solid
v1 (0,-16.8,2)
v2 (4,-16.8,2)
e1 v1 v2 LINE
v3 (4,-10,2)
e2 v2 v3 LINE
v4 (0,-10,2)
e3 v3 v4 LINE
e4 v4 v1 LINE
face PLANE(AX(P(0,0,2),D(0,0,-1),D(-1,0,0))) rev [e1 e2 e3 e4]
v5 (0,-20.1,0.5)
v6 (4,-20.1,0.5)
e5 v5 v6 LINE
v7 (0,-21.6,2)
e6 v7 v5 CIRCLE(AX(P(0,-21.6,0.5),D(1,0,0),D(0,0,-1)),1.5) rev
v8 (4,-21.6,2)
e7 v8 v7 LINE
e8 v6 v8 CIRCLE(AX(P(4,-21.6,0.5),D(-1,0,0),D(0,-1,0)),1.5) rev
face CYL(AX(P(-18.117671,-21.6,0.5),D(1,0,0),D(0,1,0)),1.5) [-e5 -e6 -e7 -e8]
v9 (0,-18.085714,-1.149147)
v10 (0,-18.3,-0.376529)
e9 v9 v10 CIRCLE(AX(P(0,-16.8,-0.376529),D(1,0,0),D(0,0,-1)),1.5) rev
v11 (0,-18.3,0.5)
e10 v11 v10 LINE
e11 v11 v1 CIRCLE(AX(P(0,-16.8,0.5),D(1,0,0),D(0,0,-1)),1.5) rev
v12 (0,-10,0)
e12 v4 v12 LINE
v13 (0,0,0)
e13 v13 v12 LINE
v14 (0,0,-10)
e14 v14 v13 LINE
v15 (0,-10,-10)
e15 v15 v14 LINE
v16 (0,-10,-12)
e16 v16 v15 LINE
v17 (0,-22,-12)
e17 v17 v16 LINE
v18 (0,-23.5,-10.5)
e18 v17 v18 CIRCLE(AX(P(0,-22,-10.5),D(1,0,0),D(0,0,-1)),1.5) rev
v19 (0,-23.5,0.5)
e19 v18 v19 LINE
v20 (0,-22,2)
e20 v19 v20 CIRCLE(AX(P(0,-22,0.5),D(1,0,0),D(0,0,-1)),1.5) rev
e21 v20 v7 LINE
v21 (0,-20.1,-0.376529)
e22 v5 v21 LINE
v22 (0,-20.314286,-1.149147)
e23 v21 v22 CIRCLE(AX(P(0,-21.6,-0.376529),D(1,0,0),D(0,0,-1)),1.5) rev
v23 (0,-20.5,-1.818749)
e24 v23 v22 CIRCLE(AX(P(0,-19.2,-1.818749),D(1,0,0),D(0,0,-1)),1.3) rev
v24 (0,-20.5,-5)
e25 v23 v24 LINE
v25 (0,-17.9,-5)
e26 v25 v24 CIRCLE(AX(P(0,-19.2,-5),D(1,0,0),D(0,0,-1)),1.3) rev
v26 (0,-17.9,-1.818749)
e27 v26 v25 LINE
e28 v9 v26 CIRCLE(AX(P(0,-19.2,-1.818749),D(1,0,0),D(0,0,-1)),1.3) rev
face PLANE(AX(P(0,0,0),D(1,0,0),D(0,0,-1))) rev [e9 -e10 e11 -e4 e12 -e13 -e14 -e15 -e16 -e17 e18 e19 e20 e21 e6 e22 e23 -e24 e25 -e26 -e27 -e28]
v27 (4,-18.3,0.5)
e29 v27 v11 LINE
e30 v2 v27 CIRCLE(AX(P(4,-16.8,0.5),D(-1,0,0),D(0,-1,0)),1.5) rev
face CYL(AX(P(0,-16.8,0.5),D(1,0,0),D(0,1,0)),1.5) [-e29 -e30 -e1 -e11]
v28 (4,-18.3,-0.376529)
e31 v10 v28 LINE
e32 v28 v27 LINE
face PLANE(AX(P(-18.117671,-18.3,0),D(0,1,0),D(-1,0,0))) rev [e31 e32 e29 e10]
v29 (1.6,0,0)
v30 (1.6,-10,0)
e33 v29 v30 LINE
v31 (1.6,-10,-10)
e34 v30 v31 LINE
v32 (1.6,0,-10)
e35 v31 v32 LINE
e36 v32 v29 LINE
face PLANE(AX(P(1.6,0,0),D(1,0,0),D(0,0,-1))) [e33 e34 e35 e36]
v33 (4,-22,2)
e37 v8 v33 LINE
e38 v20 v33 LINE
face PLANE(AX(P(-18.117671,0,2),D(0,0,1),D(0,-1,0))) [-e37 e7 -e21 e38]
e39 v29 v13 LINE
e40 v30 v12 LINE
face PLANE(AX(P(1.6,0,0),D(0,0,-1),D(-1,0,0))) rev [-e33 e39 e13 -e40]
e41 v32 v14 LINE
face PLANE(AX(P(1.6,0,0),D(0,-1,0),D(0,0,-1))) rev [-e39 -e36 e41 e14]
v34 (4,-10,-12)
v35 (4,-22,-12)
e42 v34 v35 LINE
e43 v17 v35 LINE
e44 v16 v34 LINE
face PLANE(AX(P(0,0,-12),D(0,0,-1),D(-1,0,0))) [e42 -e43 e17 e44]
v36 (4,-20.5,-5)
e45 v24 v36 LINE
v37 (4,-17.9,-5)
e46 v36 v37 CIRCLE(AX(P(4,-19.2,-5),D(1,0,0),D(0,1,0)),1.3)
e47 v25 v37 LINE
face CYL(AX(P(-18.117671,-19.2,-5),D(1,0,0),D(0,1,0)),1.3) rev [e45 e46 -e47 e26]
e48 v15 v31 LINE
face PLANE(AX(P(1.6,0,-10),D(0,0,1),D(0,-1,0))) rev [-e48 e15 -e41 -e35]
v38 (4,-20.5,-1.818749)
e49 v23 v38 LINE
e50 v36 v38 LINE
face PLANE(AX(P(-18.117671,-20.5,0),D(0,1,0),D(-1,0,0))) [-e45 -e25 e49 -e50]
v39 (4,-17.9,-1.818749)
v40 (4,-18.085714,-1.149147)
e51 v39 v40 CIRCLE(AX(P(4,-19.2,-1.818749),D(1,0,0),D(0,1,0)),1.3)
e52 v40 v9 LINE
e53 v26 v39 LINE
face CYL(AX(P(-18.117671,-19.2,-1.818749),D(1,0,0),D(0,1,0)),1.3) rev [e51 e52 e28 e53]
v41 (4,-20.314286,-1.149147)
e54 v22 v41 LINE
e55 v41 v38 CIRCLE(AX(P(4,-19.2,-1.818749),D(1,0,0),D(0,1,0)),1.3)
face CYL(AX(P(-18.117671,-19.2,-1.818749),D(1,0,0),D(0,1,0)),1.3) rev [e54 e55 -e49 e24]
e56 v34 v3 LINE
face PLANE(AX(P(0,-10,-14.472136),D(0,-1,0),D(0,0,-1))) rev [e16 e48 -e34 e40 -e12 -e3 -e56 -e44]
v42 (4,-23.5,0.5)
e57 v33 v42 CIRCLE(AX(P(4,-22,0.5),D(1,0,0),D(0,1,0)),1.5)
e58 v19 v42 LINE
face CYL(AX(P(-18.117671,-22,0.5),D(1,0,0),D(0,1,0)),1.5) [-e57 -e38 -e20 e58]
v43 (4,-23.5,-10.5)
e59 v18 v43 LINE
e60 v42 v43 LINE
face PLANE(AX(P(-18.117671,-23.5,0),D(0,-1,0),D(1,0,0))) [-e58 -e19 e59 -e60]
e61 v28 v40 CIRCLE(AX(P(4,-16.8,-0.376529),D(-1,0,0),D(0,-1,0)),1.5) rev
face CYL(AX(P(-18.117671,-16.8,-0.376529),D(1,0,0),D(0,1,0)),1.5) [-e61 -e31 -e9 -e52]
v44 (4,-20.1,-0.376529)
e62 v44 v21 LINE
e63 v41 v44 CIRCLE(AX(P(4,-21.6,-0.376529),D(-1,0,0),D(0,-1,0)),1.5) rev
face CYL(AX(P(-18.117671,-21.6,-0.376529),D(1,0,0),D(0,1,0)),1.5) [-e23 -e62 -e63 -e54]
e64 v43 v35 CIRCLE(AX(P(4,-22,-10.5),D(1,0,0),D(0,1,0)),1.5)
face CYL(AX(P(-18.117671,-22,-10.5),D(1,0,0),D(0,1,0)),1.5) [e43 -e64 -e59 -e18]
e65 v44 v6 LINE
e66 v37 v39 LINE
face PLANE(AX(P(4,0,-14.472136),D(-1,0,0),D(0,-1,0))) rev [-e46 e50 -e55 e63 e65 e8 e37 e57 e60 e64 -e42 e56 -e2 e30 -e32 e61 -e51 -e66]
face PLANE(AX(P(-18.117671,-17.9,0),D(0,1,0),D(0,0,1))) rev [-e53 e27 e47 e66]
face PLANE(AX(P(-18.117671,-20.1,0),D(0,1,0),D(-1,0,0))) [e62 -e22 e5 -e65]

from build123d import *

# Parameters (mm, degrees)
SKETCH1_W           = 10
SKETCH1_H           = 10
BOSS_EXTRUDE1_DEPTH = 1.6
BOSS_EXTRUDE2_DEPTH = 10
SKETCH3_W           = 4
SKETCH3_H           = 2
BOSS_EXTRUDE3_DEPTH = 2
SKETCH4_W           = 4
SKETCH4_H           = 2
BOSS_EXTRUDE4_DEPTH = 2
BOSS_EXTRUDE5_DEPTH = 4
FILLET1_R           = 1.5


with BuildPart() as part:
    # Sketch1 → Boss-Extrude1 (new body)
    with BuildSketch(Plane(origin=(0, 0, 0), x_dir=(0, 0, -1), z_dir=(1, 0, 0))):
        with Locations((5, -5)):
            Rectangle(SKETCH1_W, SKETCH1_H)
    extrude(amount=BOSS_EXTRUDE1_DEPTH)

    # Sketch2 → Boss-Extrude2 (add)
    with BuildSketch(Plane.XY):
        Polygon((1.2, -12), (0, -12), (0, -10), (1.6, -10), (4, -10), (4, -12), (2.8, -12), align=None)
    extrude(amount=-BOSS_EXTRUDE2_DEPTH)

    # Sketch3 → Boss-Extrude3 (add)
    with BuildSketch(Plane.XY):
        with Locations((2, -11)):
            Rectangle(SKETCH3_W, SKETCH3_H)
    extrude(amount=BOSS_EXTRUDE3_DEPTH)

    # Sketch4 → Boss-Extrude4 (add)
    with BuildSketch(Plane(origin=(0, 0, -10), x_dir=(-1, 0, 0), z_dir=(0, 0, -1))):
        with Locations((-2, -11)):
            Rectangle(SKETCH4_W, SKETCH4_H)
    extrude(amount=BOSS_EXTRUDE4_DEPTH)

    # Sketch5 → Boss-Extrude5 (add)
    with BuildSketch(Plane(origin=(4, 0, 0), x_dir=(0, 0, -1), z_dir=(1, 0, 0))):
        with BuildLine():
            Line((12, -12), (-2, -12))
            Line((-2, -12), (-2, -16.665516671))
            Line((-2, -16.665516671), (-2, -18.3))
            Line((-2, -18.3), (0.880666042, -18.3))
            ThreePointArc((0.880666042, -18.3), (1.308847242, -18.004173926), (1.818749194, -17.9))
            Line((1.818749194, -17.9), (5, -17.9))
            ThreePointArc((5, -17.9), (5.919238816, -18.280761184), (6.3, -19.2))
            ThreePointArc((6.3, -19.2), (5.919238816, -20.119238816), (5, -20.5))
            Line((5, -20.5), (1.818749194, -20.5))
            ThreePointArc((1.818749194, -20.5), (1.308847242, -20.395826074), (0.880666042, -20.1))
            Line((0.880666042, -20.1), (-2, -20.1))
            Line((-2, -20.1), (-2, -22))
            ThreePointArc((-2, -22), (-1.560660172, -23.060660172), (-0.5, -23.5))
            Line((-0.5, -23.5), (10.5, -23.5))
            ThreePointArc((10.5, -23.5), (11.560660172, -23.060660172), (12, -22))
            Line((12, -22), (12, -12))
        make_face()
    extrude(amount=-BOSS_EXTRUDE5_DEPTH)

    # Fillet1
    fillet1_edges = [part.edges().sort_by_distance(p)[0] for p in [
        (2, -18.3, -0.880666042),
        (2, -18.3, 2),
        (2, -20.1, 2),
        (2, -20.1, -0.880666042),
    ]]
    fillet(fillet1_edges, radius=FILLET1_R)


solid = part.part
